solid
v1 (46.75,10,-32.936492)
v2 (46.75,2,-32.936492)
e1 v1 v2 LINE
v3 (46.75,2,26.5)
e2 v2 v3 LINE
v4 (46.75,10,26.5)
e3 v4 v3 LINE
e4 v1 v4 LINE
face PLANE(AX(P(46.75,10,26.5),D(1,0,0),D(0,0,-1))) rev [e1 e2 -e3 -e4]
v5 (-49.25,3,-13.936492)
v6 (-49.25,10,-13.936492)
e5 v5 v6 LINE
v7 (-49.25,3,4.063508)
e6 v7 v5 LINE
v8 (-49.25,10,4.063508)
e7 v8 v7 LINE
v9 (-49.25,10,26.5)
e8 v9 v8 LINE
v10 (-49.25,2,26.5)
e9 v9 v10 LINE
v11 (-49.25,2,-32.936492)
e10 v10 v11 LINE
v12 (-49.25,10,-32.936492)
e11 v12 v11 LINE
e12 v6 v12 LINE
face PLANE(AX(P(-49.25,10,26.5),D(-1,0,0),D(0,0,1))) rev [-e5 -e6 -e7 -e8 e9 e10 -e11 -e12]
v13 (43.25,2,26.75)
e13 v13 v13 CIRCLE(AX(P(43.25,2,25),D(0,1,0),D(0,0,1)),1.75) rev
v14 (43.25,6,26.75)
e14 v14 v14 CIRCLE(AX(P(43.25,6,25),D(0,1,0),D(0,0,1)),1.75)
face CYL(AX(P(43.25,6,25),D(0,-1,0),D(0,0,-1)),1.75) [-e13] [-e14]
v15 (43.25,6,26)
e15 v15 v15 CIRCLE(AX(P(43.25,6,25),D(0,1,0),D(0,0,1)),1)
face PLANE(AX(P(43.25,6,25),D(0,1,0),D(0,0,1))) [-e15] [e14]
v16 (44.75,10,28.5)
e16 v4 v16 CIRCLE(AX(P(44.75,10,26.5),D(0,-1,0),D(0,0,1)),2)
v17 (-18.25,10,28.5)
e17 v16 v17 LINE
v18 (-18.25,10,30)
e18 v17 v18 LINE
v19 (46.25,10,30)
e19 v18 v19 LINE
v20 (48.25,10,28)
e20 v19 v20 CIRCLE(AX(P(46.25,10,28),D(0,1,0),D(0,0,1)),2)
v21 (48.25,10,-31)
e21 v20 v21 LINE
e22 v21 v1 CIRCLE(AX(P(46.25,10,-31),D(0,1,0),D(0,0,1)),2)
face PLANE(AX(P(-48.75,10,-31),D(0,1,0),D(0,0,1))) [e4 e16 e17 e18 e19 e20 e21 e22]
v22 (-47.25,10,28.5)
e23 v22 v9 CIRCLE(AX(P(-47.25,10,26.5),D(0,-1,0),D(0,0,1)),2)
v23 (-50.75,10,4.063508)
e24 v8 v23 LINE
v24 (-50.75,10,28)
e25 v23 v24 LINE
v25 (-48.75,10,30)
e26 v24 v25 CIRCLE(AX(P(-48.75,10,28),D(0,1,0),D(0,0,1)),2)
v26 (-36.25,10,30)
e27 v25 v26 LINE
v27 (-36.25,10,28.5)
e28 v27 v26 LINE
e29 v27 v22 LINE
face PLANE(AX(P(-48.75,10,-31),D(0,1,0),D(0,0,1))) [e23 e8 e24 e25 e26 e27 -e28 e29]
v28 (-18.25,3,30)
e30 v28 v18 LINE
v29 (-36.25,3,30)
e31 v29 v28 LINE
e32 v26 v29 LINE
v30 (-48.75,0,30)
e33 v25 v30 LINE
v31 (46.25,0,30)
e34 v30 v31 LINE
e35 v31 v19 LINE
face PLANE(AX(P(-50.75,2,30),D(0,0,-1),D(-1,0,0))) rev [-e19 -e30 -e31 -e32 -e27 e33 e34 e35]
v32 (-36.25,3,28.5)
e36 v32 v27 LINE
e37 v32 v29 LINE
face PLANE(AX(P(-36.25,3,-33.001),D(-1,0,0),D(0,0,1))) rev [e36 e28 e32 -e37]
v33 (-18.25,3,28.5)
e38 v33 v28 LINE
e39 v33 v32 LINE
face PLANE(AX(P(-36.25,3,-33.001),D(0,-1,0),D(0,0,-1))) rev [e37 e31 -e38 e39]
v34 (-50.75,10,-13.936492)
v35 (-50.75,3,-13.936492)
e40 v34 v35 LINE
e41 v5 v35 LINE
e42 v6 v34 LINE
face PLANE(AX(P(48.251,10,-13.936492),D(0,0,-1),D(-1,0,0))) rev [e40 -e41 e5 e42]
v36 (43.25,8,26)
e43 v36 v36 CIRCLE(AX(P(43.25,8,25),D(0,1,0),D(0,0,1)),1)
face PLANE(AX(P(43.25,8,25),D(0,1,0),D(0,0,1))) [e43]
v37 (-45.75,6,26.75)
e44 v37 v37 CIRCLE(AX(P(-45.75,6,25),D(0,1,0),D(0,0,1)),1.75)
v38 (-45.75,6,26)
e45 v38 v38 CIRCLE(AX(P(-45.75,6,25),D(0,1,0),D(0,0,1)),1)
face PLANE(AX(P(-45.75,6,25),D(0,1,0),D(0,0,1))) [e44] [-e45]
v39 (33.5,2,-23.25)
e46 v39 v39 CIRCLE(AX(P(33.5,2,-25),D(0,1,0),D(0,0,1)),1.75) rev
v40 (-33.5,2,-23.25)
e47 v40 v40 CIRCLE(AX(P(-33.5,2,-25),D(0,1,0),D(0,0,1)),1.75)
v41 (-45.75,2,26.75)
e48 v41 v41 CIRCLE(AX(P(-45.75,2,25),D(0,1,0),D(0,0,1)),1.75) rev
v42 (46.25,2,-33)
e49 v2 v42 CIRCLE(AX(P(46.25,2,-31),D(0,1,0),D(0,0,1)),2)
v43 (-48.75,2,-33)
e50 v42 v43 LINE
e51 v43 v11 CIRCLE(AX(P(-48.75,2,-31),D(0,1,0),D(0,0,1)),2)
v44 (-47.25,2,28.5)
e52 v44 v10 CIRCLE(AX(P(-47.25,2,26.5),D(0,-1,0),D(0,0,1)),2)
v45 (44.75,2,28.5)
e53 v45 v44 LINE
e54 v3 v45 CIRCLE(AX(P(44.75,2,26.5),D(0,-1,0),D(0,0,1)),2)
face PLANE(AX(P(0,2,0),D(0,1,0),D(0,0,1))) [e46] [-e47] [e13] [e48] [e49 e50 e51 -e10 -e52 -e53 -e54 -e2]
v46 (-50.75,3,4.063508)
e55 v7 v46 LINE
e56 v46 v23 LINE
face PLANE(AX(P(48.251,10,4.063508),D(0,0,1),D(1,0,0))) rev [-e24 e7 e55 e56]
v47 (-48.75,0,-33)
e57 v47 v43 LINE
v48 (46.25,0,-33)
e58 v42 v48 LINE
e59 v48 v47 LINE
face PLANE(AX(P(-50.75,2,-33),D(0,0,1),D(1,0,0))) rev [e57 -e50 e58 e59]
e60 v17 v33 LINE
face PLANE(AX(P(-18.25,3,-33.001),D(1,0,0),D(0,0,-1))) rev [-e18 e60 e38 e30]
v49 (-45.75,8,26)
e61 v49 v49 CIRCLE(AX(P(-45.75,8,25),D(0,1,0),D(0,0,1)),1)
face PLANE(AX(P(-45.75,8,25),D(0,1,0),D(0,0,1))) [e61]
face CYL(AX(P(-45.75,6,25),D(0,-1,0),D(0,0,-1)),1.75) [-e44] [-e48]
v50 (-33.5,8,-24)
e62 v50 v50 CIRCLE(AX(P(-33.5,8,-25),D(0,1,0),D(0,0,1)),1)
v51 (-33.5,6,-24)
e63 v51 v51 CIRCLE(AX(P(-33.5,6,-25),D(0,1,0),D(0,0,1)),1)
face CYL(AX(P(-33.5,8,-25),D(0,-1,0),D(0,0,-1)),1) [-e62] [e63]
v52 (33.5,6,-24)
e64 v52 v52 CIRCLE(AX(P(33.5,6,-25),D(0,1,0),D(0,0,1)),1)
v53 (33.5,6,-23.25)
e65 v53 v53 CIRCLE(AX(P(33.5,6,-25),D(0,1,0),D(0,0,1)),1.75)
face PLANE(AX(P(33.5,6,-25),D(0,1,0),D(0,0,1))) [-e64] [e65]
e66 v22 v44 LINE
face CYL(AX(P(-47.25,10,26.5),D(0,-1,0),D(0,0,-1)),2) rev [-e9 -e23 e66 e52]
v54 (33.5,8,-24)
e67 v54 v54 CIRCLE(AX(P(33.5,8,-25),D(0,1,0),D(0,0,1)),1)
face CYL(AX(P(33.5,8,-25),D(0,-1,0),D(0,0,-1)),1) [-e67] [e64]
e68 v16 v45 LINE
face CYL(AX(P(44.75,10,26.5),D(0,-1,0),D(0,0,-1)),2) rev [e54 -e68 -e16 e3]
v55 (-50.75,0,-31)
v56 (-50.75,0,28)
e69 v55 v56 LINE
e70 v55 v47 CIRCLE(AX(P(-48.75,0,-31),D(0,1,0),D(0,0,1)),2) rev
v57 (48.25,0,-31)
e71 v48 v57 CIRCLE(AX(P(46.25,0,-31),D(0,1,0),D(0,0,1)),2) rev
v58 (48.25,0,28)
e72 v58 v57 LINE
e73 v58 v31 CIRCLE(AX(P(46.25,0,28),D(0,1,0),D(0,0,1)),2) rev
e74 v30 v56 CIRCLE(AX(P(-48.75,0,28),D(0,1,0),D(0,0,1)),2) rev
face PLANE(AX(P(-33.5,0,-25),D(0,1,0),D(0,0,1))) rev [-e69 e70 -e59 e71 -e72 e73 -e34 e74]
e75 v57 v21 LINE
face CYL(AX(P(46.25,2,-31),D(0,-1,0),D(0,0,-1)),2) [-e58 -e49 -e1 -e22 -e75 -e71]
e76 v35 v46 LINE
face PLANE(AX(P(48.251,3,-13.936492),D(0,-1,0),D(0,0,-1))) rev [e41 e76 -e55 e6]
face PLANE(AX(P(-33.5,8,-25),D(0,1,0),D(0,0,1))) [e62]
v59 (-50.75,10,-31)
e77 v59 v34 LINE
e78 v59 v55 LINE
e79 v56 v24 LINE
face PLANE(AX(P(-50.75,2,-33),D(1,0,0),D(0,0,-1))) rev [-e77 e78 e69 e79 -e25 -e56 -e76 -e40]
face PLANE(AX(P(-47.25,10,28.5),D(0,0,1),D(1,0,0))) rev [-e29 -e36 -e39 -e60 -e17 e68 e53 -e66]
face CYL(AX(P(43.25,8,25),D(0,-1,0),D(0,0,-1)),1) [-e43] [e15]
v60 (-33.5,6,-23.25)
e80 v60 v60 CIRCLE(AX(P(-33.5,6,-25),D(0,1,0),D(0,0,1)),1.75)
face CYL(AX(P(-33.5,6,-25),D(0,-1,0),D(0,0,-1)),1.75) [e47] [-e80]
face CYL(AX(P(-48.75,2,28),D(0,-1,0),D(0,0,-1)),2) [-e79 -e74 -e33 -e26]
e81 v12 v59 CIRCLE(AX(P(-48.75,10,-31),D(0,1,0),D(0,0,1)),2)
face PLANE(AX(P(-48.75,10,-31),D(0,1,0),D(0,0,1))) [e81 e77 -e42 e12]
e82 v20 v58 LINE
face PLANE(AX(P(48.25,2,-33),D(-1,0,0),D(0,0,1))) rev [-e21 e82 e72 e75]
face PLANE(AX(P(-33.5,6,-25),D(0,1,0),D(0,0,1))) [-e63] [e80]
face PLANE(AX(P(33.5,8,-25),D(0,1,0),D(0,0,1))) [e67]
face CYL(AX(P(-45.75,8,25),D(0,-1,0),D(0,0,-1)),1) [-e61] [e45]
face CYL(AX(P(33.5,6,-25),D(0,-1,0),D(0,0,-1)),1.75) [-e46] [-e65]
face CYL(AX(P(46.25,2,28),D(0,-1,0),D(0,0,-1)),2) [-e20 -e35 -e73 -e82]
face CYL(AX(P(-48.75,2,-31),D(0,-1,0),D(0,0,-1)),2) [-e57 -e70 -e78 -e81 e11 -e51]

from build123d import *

# Parameters (mm, degrees)
SKETCH1_R             = 1
BOSS_EXTRUDE1_DEPTH   = 8
BOSS_EXTRUDE1_2_DEPTH = 8
BOSS_EXTRUDE1_3_DEPTH = 8
BOSS_EXTRUDE1_4_DEPTH = 8
SKETCH2_R             = 1.75
BOSS_EXTRUDE2_DEPTH   = 6
SKETCH3_W             = 99
SKETCH3_H             = 63
BOSS_EXTRUDE3_DEPTH   = 2
FILLET1_R             = 2
BOSS_EXTRUDE4_START   = 8
BOSS_EXTRUDE4_DEPTH   = 8
CUT_EXTRUDE1_REACH    = 106.833
SKETCH6_W             = 18
SKETCH6_H             = 7
CUT_EXTRUDE2_REACH    = 83.514
SKETCH8_W             = 18
SKETCH8_H             = 7


with BuildPart() as part:
    # Sketch1 → Boss-Extrude1 (new body)
    with BuildSketch(Plane(origin=(0, 0, 0), x_dir=(1, 0, 0), z_dir=(0, 1, 0))):
        with Locations(Location((-33.5, 25, 0), (0, 0, 270))):
            Circle(SKETCH1_R)
    extrude(amount=BOSS_EXTRUDE1_DEPTH)



with BuildPart() as body_2:
    # Sketch1 → Boss-Extrude1 2 (new body)
    with BuildSketch(Plane(origin=(0, 0, 0), x_dir=(1, 0, 0), z_dir=(0, 1, 0))):
        with Locations(Location((33.5, 25, 0), (0, 0, 270))):
            Circle(SKETCH1_R)
    extrude(amount=BOSS_EXTRUDE1_2_DEPTH)


with BuildPart() as body_3:
    # Sketch1 → Boss-Extrude1 3 (new body)
    with BuildSketch(Plane(origin=(0, 0, 0), x_dir=(1, 0, 0), z_dir=(0, 1, 0))):
        with Locations(Location((-45.75, -25, 0), (0, 0, 270))):
            Circle(SKETCH1_R)
    extrude(amount=BOSS_EXTRUDE1_3_DEPTH)


with BuildPart() as body_4:
    # Sketch1 → Boss-Extrude1 4 (new body)
    with BuildSketch(Plane(origin=(0, 0, 0), x_dir=(1, 0, 0), z_dir=(0, 1, 0))):
        with Locations(Location((43.25, -25, 0), (0, 0, 270))):
            Circle(SKETCH1_R)
    extrude(amount=BOSS_EXTRUDE1_4_DEPTH)


with BuildPart() as part_1:
    add(part.part)

    add(body_2.part)  # Boss-Extrude2 merges body 2

    add(body_3.part)  # Boss-Extrude2 merges body 3

    add(body_4.part)  # Boss-Extrude2 merges body 4
    # Sketch2 → Boss-Extrude2 (add)
    with BuildSketch(Plane(origin=(0, 0, 0), x_dir=(1, 0, 0), z_dir=(0, 1, 0))):
        with Locations(Location((-33.5, 25, 0), (0, 0, 270))):
            Circle(SKETCH2_R)
        with Locations(Location((33.5, 25, 0), (0, 0, 270))):
            Circle(SKETCH2_R)
        with Locations(Location((43.25, -25, 0), (0, 0, 270))):
            Circle(SKETCH2_R)
        with Locations(Location((-45.75, -25, 0), (0, 0, 270))):
            Circle(SKETCH2_R)
    extrude(amount=BOSS_EXTRUDE2_DEPTH)

    # Sketch3 → Boss-Extrude3 (add)
    with BuildSketch(Plane(origin=(0, 0, 0), x_dir=(1, 0, 0), z_dir=(0, 1, 0))):
        with Locations((-1.25, 1.5)):
            Rectangle(SKETCH3_W, SKETCH3_H)
    extrude(amount=BOSS_EXTRUDE3_DEPTH)

    # Fillet1
    fillet1_edges = [part_1.edges().sort_by_distance(p)[0] for p in [
        (-50.75, 1, -33),
        (-50.75, 1, 30),
        (48.25, 1, 30),
        (48.25, 1, -33),
    ]]
    fillet(fillet1_edges, radius=FILLET1_R)

    # Sketch4 → Boss-Extrude4 (add)
    with BuildSketch(Plane(origin=(0, 2, 0), x_dir=(1, 0, 0), z_dir=(0, 1, 0)).offset(BOSS_EXTRUDE4_START)):
        with BuildLine():
            Line((-47.25, -28.5), (44.75, -28.5))
            ThreePointArc((44.75, -28.5), (46.164213562, -27.914213562), (46.75, -26.5))
            Line((46.75, -26.5), (46.75, 32.936491673))
            ThreePointArc((46.75, 32.936491673), (47.83113883, 32.224744871), (48.25, 31))
            Line((48.25, 31), (48.25, -28))
            ThreePointArc((48.25, -28), (47.664213562, -29.414213562), (46.25, -30))
            Line((46.25, -30), (-48.75, -30))
            ThreePointArc((-48.75, -30), (-50.164213562, -29.414213562), (-50.75, -28))
            Line((-50.75, -28), (-50.75, 31))
            ThreePointArc((-50.75, 31), (-50.33113883, 32.224744871), (-49.25, 32.936491673))
            Line((-49.25, 32.936491673), (-49.25, -26.5))
            ThreePointArc((-49.25, -26.5), (-48.664213562, -27.914213562), (-47.25, -28.5))
        make_face()
    extrude(amount=-BOSS_EXTRUDE4_DEPTH)

    # Sketch6 → Cut-Extrude1 (cut, up to next)
    with BuildSketch(Plane.ZY.offset(50.75), mode=Mode.PRIVATE) as cut_extrude1_sk1:
        with Locations((-4.936491673, 6.5)):
            Rectangle(SKETCH6_W, SKETCH6_H)
    cut_extrude1_tool1 = extrude(cut_extrude1_sk1.sketch, amount=-CUT_EXTRUDE1_REACH, mode=Mode.PRIVATE) & part_1.part
    add(cut_extrude1_tool1.solids().sort_by_distance((-50.75, 6.5, -4.936492))[0], mode=Mode.SUBTRACT)

    # Sketch8 → Cut-Extrude2 (cut, up to next)
    with BuildSketch(Plane.XY.offset(30), mode=Mode.PRIVATE) as cut_extrude2_sk1:
        with Locations((-27.25, 6.5)):
            Rectangle(SKETCH8_W, SKETCH8_H)
    cut_extrude2_tool1 = extrude(cut_extrude2_sk1.sketch, amount=-CUT_EXTRUDE2_REACH, mode=Mode.PRIVATE) & part_1.part
    add(cut_extrude2_tool1.solids().sort_by_distance((-27.25, 6.5, 30))[0], mode=Mode.SUBTRACT)


solid = part_1.part
